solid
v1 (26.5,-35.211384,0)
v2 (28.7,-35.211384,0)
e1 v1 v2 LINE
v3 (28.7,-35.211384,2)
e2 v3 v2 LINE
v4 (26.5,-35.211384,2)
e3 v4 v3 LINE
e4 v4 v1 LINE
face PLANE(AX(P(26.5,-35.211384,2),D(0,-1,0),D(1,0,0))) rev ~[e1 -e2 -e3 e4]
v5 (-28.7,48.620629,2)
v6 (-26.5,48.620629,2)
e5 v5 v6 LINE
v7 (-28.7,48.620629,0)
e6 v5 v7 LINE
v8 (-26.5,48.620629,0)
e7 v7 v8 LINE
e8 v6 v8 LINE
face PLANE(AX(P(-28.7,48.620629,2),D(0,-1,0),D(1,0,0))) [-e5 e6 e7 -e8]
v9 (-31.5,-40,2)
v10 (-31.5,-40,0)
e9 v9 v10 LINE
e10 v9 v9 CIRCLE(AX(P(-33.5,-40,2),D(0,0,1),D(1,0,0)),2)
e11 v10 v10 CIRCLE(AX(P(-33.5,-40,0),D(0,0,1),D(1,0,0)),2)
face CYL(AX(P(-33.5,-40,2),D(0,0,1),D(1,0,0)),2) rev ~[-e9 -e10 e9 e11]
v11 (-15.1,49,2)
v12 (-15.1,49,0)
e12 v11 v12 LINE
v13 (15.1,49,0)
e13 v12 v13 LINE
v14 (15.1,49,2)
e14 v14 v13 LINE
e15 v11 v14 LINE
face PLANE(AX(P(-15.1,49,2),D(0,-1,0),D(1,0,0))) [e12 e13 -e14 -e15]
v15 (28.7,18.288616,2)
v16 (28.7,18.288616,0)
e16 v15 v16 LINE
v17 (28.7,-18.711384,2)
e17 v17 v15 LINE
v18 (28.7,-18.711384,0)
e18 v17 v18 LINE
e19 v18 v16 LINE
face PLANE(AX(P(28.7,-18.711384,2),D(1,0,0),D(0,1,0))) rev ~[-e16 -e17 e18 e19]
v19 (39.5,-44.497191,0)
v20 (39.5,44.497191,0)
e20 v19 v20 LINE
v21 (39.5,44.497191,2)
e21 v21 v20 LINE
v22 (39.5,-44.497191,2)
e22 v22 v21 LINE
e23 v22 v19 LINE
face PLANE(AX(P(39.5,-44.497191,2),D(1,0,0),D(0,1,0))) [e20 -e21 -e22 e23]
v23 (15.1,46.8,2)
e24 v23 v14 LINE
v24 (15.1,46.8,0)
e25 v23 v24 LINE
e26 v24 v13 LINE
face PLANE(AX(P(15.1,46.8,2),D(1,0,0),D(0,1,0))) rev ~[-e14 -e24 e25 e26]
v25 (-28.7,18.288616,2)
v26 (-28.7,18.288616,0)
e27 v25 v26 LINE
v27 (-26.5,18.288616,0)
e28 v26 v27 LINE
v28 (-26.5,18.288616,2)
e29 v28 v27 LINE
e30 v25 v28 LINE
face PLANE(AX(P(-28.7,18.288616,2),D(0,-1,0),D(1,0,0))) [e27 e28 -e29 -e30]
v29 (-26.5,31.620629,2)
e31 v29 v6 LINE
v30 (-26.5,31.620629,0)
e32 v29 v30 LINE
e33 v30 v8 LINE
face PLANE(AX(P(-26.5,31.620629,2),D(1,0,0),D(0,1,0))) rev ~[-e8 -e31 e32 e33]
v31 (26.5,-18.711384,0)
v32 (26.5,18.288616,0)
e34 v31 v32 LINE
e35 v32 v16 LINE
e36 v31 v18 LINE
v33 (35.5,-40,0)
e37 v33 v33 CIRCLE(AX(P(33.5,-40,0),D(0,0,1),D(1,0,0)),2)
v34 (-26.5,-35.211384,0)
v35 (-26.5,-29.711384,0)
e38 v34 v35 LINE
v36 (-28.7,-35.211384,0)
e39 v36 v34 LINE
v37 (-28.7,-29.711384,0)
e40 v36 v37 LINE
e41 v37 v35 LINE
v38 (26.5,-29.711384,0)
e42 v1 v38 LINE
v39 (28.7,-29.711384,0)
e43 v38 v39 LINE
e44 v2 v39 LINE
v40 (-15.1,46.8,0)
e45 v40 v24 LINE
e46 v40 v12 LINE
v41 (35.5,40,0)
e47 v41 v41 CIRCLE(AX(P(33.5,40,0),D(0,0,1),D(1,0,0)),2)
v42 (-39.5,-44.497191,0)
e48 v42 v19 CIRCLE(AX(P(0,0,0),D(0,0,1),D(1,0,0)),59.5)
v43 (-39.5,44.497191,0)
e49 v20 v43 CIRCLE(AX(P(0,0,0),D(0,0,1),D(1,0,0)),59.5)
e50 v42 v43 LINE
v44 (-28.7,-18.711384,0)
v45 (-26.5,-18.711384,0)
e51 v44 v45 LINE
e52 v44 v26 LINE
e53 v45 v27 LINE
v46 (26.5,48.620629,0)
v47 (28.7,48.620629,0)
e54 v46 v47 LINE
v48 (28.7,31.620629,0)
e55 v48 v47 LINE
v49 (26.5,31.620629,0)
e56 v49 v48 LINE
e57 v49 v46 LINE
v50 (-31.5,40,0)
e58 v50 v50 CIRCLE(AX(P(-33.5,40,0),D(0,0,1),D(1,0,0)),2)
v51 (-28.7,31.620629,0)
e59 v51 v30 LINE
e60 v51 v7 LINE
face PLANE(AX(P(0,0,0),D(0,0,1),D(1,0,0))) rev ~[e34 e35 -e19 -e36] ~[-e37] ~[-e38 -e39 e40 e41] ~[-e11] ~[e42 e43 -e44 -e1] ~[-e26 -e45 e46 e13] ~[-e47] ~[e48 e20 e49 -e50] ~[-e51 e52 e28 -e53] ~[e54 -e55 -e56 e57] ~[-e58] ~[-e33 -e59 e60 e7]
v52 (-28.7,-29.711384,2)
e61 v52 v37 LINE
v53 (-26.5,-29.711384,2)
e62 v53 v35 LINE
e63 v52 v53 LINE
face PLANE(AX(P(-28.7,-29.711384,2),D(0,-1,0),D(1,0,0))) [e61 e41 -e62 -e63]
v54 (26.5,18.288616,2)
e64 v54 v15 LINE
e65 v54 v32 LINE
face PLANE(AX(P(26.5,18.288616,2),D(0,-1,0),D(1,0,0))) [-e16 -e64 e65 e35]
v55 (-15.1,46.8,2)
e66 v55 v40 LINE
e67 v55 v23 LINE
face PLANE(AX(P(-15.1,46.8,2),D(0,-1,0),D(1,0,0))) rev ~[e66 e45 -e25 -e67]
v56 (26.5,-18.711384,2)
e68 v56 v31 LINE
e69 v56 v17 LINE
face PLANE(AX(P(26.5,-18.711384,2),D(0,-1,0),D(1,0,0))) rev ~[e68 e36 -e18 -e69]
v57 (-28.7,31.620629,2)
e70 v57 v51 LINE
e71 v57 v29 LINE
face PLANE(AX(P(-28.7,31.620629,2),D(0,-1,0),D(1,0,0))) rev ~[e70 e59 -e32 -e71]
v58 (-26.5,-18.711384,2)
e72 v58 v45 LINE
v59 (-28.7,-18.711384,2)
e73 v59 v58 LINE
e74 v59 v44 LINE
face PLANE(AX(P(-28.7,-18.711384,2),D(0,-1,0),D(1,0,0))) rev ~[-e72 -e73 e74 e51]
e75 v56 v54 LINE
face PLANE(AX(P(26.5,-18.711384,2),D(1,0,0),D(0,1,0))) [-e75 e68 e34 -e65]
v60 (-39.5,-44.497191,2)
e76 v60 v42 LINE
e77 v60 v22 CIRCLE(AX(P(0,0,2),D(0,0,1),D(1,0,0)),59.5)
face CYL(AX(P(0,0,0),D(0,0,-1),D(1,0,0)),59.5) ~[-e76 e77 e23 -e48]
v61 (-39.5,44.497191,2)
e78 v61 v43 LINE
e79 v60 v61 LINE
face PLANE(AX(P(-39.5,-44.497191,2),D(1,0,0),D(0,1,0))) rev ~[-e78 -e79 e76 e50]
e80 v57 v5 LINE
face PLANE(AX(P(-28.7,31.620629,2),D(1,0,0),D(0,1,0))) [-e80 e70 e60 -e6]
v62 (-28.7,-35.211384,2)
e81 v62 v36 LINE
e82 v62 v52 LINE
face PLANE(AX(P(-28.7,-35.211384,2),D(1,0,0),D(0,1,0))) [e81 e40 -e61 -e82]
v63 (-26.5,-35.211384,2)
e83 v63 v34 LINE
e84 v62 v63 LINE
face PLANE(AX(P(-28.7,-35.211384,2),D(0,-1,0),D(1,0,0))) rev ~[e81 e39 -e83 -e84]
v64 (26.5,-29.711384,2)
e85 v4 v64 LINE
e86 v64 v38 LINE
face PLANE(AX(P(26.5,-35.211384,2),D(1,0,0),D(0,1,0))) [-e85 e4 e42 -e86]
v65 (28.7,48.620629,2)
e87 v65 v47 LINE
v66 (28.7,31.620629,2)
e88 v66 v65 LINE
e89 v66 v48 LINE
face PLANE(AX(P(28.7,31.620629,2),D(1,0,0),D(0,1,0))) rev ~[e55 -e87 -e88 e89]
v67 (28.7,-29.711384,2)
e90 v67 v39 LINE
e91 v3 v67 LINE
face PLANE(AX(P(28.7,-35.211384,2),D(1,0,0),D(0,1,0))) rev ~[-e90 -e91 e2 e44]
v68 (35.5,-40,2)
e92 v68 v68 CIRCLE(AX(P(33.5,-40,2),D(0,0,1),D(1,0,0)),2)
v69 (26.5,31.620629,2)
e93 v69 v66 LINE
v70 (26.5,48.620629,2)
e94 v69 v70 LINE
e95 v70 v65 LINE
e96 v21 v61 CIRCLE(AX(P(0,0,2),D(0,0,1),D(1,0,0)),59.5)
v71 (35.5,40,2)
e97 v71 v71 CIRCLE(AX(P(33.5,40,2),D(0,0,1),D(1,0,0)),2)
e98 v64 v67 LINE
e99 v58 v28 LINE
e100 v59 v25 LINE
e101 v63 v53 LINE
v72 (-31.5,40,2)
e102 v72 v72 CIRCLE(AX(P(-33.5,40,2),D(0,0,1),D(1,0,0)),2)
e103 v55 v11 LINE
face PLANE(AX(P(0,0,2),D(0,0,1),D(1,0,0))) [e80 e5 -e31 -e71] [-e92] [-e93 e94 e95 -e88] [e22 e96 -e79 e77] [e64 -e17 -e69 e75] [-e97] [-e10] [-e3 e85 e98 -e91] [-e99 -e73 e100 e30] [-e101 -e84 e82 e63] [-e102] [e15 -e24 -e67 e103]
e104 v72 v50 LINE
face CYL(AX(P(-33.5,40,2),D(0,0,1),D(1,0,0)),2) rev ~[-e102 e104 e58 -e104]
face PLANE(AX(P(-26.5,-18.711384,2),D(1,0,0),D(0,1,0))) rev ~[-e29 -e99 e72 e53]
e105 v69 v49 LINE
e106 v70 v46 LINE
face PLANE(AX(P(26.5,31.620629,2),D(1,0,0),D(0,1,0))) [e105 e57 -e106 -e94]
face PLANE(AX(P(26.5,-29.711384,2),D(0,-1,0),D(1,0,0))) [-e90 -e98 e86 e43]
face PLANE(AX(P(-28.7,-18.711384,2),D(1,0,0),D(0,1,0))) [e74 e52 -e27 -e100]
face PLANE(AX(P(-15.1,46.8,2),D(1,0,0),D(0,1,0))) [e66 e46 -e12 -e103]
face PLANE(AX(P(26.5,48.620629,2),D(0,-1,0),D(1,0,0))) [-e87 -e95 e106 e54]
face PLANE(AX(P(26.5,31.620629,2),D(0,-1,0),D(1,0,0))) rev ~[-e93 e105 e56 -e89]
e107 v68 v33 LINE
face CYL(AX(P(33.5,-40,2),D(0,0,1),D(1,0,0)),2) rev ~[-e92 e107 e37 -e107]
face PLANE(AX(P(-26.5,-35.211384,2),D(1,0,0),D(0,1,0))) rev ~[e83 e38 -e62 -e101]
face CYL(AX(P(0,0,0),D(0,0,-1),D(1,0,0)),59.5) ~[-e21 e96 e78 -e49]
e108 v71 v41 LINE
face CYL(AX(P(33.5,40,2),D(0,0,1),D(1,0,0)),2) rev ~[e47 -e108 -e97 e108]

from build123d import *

# Parameters (mm, degrees)
SKIZZE1_R                       = 59.5
AUFSATZ_LINEAR_AUSTRAGEN1_DEPTH = 2
SKIZZE3_R                       = 2
SKIZZE3_W                       = 2.2
SKIZZE3_H                       = 37
SKIZZE3_H_2                     = 17
SKIZZE3_H_3                     = 5.5
SKIZZE3_W_2                     = 30.2
SKIZZE3_H_4                     = 2.2
SKIZZE3_W_3                     = 20
SKIZZE3_H_5                     = 88.994381846
SCHNITT_LINEAR_AUSTRAGEN7_DEPTH = 2


with BuildPart() as part:
    # Skizze1 → Aufsatz-Linear austragen1 (new body)
    with BuildSketch(Plane.XY):
        Circle(SKIZZE1_R)
    extrude(amount=AUFSATZ_LINEAR_AUSTRAGEN1_DEPTH)

    # Skizze3 → Schnitt-Linear austragen7 (cut)
    with BuildSketch(Plane.XY.offset(2)):
        with Locations((-33.5, 40)):
            Circle(SKIZZE3_R)
        with Locations((33.5, 40)):
            Circle(SKIZZE3_R)
        with Locations((33.5, -40)):
            Circle(SKIZZE3_R)
        with Locations((-33.5, -40)):
            Circle(SKIZZE3_R)
        with Locations((-27.6, -0.21138397)):
            Rectangle(SKIZZE3_W, SKIZZE3_H)
        with Locations((27.6, -0.21138397)):
            Rectangle(SKIZZE3_W, SKIZZE3_H)
        with Locations((-27.6, 40.120629313)):
            Rectangle(SKIZZE3_W, SKIZZE3_H_2)
        with Locations((27.6, 40.120629313)):
            Rectangle(SKIZZE3_W, SKIZZE3_H_2)
        with Locations((-27.6, -32.46138397)):
            Rectangle(SKIZZE3_W, SKIZZE3_H_3)
        with Locations((27.6, -32.46138397)):
            Rectangle(SKIZZE3_W, SKIZZE3_H_3)
        with Locations((0, 47.9)):
            Rectangle(SKIZZE3_W_2, SKIZZE3_H_4)
        with Locations((49.5, 0)):
            Rectangle(SKIZZE3_W_3, SKIZZE3_H_5)
        with Locations((-49.5, 0)):
            Rectangle(SKIZZE3_W_3, SKIZZE3_H_5)
    extrude(amount=-SCHNITT_LINEAR_AUSTRAGEN7_DEPTH, mode=Mode.SUBTRACT)


solid = part.part
